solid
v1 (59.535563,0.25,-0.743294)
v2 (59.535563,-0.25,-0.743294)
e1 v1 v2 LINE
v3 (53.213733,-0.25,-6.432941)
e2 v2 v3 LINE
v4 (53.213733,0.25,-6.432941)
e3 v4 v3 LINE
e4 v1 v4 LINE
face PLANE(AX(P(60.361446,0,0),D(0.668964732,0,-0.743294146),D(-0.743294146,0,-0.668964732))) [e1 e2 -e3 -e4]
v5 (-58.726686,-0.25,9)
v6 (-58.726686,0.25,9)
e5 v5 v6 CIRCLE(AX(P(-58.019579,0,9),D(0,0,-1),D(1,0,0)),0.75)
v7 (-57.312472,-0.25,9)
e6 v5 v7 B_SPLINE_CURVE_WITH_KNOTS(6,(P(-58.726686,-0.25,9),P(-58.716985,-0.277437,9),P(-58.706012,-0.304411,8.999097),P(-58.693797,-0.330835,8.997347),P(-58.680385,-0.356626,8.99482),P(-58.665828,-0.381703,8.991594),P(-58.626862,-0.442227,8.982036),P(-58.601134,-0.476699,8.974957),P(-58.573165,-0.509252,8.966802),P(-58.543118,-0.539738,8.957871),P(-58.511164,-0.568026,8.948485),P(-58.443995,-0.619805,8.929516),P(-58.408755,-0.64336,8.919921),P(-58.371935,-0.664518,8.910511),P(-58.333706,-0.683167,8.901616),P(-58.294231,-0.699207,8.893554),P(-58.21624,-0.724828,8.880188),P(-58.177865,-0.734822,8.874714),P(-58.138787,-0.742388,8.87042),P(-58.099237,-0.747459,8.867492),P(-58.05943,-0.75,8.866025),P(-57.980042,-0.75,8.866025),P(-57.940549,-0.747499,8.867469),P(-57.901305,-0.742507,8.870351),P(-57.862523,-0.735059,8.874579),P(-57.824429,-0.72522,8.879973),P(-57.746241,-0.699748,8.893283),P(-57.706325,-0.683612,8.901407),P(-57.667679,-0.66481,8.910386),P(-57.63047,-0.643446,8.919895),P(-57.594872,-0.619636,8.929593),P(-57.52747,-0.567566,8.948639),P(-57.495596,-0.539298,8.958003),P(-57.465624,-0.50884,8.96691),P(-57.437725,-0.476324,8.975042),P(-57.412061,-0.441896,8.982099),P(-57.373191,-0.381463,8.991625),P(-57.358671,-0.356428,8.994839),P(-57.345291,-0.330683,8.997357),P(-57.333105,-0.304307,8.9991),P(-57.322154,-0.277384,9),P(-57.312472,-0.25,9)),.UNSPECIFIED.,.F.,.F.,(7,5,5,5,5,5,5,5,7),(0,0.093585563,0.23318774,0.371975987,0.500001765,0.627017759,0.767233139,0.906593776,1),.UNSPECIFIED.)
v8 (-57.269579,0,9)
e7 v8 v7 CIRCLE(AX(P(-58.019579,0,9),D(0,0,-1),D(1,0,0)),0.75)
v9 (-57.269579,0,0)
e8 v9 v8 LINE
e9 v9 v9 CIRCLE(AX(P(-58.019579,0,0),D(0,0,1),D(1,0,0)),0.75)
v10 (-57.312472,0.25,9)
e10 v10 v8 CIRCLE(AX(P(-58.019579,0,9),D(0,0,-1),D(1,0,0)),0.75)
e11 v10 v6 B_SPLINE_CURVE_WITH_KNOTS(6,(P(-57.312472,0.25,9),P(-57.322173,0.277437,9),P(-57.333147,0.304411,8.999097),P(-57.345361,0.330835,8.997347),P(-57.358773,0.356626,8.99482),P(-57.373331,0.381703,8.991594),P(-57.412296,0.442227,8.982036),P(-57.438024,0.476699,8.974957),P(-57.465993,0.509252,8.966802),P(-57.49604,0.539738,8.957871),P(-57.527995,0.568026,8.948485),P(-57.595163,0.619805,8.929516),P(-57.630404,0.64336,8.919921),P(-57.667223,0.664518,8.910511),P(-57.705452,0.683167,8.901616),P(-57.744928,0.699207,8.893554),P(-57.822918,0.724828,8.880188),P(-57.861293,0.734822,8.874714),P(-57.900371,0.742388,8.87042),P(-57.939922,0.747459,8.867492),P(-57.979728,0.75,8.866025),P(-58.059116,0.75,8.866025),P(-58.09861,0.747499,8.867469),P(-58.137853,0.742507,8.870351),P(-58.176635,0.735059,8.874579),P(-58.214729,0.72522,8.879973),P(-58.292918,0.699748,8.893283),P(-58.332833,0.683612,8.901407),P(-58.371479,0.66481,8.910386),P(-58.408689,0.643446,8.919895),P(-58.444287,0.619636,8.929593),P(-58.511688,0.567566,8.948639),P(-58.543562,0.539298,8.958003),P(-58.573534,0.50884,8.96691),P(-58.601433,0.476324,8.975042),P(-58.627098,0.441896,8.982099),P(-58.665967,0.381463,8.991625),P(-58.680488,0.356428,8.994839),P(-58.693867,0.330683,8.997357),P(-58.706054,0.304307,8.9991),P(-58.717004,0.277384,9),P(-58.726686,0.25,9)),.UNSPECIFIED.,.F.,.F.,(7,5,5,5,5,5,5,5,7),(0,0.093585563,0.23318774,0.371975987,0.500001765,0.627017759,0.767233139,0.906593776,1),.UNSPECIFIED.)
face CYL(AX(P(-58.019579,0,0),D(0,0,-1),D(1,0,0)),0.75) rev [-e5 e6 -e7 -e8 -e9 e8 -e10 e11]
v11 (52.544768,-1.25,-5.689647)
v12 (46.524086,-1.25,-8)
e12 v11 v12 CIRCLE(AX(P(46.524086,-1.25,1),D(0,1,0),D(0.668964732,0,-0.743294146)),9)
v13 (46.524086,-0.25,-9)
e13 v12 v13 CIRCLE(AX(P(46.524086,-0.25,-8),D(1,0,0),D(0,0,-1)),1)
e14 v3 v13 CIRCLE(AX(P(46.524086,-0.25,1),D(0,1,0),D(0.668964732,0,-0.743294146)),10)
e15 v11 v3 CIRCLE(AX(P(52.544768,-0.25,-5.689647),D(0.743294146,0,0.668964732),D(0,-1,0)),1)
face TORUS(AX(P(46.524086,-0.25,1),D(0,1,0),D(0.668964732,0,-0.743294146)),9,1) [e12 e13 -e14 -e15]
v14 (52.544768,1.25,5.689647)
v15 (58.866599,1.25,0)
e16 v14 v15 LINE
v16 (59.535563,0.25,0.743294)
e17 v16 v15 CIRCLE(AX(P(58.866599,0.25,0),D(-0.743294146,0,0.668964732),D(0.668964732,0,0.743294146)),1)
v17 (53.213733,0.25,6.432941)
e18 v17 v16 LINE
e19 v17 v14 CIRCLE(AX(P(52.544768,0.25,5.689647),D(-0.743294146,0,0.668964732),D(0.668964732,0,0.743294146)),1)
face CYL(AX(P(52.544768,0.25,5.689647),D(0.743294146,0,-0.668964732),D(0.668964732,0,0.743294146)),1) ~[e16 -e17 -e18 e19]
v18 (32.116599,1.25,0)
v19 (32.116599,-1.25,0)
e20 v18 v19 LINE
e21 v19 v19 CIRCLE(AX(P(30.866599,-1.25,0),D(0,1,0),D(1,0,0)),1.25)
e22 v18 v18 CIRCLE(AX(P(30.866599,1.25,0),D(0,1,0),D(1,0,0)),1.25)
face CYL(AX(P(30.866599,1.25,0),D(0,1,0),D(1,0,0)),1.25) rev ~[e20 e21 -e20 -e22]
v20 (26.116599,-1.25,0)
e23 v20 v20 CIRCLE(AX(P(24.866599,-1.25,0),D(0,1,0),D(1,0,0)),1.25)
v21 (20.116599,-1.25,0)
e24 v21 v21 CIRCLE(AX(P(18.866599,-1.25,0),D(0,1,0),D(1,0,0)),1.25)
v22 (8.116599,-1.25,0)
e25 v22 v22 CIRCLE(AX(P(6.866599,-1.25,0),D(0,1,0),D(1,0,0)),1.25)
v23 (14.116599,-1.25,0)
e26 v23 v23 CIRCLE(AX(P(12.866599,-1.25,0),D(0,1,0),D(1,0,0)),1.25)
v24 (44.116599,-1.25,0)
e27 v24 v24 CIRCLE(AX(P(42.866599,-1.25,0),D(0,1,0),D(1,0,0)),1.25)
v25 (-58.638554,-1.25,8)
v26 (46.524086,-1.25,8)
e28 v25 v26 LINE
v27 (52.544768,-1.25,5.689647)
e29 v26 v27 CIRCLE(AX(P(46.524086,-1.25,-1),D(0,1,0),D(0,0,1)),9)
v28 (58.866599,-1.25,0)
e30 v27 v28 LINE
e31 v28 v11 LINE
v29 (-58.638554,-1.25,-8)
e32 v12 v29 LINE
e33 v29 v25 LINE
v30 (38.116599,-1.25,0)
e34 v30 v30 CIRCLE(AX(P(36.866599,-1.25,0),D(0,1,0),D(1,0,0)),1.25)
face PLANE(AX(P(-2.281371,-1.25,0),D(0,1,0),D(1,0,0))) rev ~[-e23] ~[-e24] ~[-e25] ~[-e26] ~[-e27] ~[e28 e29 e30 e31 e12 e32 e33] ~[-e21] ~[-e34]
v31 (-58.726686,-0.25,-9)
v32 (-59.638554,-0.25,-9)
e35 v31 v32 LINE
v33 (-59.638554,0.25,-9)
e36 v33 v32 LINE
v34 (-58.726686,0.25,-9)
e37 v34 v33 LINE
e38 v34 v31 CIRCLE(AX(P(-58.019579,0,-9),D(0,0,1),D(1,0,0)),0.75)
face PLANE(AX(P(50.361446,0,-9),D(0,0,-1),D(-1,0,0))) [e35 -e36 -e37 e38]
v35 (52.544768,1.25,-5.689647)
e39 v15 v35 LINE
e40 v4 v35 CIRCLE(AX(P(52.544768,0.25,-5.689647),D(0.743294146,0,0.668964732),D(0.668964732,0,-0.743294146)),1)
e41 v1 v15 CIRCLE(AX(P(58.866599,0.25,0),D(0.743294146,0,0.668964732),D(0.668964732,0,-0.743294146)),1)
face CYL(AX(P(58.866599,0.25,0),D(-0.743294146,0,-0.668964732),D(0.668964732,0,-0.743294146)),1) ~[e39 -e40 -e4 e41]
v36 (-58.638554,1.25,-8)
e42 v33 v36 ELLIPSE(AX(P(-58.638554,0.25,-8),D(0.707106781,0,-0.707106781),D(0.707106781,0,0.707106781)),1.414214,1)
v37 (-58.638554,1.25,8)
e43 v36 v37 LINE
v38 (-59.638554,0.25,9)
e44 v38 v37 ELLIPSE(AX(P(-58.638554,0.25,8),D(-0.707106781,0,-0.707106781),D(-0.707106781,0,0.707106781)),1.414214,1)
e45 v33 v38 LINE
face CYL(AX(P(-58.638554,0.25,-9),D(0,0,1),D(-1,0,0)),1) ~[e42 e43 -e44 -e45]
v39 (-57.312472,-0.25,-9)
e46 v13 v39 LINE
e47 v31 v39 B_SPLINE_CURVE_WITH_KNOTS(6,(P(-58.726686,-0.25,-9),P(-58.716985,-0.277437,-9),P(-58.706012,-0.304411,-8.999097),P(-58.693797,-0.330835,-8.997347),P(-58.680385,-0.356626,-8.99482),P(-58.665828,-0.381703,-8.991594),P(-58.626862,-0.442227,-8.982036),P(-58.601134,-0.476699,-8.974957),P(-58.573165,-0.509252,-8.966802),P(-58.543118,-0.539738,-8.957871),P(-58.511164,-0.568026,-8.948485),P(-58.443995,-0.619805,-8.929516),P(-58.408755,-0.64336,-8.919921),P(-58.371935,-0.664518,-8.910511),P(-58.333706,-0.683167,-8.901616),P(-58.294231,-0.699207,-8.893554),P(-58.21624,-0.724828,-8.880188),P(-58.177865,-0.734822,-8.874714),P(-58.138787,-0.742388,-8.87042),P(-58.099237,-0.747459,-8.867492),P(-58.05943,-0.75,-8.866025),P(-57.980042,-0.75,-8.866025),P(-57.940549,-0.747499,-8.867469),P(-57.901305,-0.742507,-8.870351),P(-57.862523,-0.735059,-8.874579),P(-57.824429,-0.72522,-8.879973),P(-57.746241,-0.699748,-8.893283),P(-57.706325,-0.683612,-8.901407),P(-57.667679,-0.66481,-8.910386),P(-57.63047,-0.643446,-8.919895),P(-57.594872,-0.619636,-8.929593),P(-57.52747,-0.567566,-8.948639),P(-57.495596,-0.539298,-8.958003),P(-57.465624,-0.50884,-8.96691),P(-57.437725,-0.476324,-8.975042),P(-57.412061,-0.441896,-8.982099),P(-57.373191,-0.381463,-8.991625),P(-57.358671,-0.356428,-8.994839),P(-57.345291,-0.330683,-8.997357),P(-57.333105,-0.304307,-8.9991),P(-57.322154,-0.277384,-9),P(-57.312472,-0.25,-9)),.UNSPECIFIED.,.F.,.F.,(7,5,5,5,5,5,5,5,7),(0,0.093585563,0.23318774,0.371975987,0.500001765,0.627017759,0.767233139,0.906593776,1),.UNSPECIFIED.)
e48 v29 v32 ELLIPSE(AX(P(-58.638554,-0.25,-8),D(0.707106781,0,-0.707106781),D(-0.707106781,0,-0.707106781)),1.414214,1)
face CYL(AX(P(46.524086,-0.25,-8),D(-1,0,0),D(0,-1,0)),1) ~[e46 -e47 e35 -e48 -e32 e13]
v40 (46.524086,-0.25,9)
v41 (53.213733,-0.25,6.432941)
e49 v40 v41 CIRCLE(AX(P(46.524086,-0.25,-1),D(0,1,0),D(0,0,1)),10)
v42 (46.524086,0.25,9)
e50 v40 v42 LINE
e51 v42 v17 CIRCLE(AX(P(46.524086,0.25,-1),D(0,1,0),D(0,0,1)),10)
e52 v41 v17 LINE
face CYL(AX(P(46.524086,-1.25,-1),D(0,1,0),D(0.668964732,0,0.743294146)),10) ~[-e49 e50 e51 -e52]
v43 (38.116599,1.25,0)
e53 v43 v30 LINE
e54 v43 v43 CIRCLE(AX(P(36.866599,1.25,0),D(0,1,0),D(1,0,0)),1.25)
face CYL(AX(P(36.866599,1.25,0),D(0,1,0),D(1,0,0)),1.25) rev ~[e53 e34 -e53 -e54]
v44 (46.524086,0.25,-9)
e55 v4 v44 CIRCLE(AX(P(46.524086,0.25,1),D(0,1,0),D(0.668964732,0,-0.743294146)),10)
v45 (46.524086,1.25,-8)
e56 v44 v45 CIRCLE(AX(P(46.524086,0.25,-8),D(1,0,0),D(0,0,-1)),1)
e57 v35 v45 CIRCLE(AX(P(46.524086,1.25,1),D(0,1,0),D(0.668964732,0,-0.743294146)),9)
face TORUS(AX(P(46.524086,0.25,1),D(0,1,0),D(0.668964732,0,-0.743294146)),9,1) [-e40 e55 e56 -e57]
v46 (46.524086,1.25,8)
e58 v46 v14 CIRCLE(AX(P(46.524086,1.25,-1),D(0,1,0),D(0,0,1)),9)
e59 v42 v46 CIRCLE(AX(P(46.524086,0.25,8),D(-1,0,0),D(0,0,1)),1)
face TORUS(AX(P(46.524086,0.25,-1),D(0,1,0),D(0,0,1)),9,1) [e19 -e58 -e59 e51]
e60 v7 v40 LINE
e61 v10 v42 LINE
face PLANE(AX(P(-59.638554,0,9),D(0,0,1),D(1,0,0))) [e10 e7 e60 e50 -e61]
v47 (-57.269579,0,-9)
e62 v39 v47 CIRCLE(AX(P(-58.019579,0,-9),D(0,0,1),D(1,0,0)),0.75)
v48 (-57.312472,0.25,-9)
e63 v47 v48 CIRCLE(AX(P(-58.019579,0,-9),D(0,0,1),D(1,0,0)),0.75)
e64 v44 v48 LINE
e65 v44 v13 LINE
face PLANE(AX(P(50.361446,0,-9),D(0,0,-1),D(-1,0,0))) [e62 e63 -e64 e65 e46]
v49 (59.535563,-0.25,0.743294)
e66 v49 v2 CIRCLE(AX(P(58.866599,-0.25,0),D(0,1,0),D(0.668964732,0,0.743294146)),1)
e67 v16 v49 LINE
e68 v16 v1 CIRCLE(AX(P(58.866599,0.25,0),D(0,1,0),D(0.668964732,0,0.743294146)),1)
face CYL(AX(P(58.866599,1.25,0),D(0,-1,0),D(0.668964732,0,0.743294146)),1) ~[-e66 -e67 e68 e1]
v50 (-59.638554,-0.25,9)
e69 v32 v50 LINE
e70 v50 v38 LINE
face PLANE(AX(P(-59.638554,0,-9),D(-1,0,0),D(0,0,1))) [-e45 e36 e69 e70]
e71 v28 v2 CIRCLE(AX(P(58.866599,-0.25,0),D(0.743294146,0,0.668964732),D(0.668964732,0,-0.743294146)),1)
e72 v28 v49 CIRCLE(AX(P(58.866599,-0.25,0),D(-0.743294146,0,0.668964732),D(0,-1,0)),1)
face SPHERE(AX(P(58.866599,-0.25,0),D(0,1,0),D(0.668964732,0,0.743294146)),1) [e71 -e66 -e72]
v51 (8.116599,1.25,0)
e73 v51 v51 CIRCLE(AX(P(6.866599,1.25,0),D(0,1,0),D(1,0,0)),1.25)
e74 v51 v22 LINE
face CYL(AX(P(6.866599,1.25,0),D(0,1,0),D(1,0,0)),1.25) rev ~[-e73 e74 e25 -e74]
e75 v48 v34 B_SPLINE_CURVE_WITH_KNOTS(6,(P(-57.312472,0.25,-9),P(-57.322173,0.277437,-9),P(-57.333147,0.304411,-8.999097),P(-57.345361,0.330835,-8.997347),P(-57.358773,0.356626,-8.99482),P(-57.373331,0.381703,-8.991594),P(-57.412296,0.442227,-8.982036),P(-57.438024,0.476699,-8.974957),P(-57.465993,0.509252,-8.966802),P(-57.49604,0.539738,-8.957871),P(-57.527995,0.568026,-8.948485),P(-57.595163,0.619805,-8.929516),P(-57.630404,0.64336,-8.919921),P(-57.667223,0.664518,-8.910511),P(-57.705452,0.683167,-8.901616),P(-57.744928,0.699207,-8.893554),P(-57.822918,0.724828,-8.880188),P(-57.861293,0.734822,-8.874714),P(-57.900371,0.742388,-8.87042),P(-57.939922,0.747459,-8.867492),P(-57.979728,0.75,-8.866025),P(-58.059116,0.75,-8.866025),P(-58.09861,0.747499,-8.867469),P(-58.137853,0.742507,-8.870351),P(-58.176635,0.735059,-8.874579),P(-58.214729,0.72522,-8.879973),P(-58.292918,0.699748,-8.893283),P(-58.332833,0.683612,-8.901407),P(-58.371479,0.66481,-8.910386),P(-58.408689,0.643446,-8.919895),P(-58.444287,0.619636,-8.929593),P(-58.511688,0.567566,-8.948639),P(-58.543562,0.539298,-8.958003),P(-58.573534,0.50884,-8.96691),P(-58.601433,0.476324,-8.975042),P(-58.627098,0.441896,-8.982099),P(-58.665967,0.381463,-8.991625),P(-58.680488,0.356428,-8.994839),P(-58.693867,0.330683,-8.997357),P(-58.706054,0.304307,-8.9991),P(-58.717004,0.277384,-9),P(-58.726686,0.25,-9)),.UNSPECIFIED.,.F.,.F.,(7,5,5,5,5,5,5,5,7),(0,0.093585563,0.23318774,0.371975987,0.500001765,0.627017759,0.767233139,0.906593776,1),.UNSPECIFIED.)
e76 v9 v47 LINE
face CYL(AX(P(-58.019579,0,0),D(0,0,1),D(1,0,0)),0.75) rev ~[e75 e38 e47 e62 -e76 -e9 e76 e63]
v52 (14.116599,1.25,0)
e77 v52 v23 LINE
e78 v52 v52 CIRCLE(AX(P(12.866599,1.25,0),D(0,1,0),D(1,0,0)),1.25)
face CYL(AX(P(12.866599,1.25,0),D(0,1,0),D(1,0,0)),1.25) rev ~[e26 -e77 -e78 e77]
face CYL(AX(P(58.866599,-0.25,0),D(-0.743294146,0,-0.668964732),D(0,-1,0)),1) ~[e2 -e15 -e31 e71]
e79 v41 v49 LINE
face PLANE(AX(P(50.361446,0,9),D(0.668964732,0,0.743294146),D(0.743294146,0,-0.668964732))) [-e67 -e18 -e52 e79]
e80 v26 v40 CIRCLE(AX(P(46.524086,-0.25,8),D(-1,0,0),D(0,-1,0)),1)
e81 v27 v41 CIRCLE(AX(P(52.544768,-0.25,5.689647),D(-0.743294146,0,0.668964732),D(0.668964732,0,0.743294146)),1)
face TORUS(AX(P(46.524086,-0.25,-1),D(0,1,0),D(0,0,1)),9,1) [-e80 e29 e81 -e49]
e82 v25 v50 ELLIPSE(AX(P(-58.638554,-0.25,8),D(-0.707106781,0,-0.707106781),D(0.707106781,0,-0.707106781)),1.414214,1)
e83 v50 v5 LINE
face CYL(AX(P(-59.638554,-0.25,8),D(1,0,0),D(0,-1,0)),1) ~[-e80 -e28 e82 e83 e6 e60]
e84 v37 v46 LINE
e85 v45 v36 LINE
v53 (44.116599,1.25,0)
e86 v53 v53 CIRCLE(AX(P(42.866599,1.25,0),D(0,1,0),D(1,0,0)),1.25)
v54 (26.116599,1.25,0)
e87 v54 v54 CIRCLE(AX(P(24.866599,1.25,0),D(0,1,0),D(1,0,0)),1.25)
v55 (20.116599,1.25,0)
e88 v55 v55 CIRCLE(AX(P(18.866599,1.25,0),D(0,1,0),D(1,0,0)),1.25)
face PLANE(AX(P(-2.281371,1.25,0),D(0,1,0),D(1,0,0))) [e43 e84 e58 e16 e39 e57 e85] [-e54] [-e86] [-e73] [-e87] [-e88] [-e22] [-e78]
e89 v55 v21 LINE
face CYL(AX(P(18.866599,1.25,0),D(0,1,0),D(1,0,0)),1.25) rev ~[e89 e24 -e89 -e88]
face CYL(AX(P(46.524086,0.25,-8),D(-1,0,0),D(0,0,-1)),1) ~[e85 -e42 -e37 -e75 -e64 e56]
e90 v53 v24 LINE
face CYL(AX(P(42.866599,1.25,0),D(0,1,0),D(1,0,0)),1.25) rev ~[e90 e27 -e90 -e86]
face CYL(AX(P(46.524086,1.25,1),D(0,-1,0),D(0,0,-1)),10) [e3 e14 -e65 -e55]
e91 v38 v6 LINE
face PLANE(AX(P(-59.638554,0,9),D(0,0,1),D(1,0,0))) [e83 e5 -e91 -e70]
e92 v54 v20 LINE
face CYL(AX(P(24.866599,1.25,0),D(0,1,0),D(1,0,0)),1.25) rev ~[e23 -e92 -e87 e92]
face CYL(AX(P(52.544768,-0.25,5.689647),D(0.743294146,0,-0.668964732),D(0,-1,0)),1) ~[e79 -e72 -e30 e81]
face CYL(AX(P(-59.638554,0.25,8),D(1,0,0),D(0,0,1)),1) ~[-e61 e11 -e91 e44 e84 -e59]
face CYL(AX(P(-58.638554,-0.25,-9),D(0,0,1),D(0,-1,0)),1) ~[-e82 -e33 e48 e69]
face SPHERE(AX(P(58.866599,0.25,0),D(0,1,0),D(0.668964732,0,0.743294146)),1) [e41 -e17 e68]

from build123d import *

# Parameters (mm, degrees)
BOSS_EXTRUDE1_DEPTH     = 1.25
FILLET1_R               = 10
FILLET2_R               = 1
FILLET3_R               = 1
SKETCH2_R               = 1.25
CUT_EXTRUDE1_DEPTH      = 3.5
LPATTERN1_COUNT         = 7
LPATTERN1_PITCH         = 6
SKETCH3_R               = 0.75
CUT_EXTRUDE2_DEPTH      = 10.0000001
CUT_EXTRUDE2_DEPTH_BACK = 10


with BuildPart() as part:
    # Sketch1 → Boss-Extrude1 (new body, symmetric)
    with BuildSketch(Plane(origin=(0, 0, 0), x_dir=(1, 0, 0), z_dir=(0, 1, 0))):
        Polygon((-59.638554217, 9), (-59.638554217, -9), (50.361445783, -9), (60.361445783, 0), (50.361445783, 9), align=None)
    extrude(amount=BOSS_EXTRUDE1_DEPTH, both=True)

    # Fillet1
    fillet1_edges = [part.edges().sort_by_distance(p)[0] for p in [
        (50.361445783, 0, 9),
        (50.361445783, 0, -9),
    ]]
    fillet(fillet1_edges, radius=FILLET1_R)

    # Fillet2
    fillet2_edges = [part.edges().sort_by_distance(p)[0] for p in [
        (60.361445783, 0, 0),
    ]]
    fillet(fillet2_edges, radius=FILLET2_R)

    # Fillet3
    fillet3_edges = [part.edges().sort_by_distance(p)[0] for p in [
        (-59.638554217, 1.25, 0),
        (-6.557234243, -1.25, -9),
        (-6.557234243, 1.25, -9),
        (56.374648223, -1.25, 3.588117804),
        (50.106723403, -1.25, 8.336204117),
        (50.106723403, -1.25, -8.336204117),
        (-6.557234243, 1.25, 9),
        (56.374648223, 1.25, 3.588117804),
        (50.106723403, 1.25, 8.336204117),
        (50.106723403, 1.25, -8.336204117),
        (56.374648223, -1.25, -3.588117804),
        (56.374648223, 1.25, -3.588117804),
        (59.866598667, -1.25, 0),
        (59.866598667, 1.25, 0),
        (-6.557234243, -1.25, 9),
        (-59.638554217, -1.25, 0),
    ]]
    fillet(fillet3_edges, radius=FILLET3_R)

    # Sketch2 → Cut-Extrude1 (cut, through all)
    with BuildSketch(Plane(origin=(0, 1.25, 0), x_dir=(1, 0, 0), z_dir=(0, 1, 0))):
        with Locations((42.866598667, 0)):
            Circle(SKETCH2_R)
    cut_extrude1 = extrude(amount=-CUT_EXTRUDE1_DEPTH, mode=Mode.SUBTRACT)

    # LPattern1: Cut-Extrude1 ×7
    with Locations(*[(-i * LPATTERN1_PITCH, 0, 0) for i in range(1, LPATTERN1_COUNT)]):
        add(cut_extrude1, mode=Mode.SUBTRACT)

    # Sketch3 → Cut-Extrude2 (cut, two sides)
    with BuildSketch(Plane.XY) as cut_extrude2_sk:
        with Locations((-58.019579169, 0)):
            Circle(SKETCH3_R)
    extrude(amount=CUT_EXTRUDE2_DEPTH, mode=Mode.SUBTRACT)
    extrude(cut_extrude2_sk.sketch, amount=-CUT_EXTRUDE2_DEPTH_BACK, mode=Mode.SUBTRACT)


solid = part.part
